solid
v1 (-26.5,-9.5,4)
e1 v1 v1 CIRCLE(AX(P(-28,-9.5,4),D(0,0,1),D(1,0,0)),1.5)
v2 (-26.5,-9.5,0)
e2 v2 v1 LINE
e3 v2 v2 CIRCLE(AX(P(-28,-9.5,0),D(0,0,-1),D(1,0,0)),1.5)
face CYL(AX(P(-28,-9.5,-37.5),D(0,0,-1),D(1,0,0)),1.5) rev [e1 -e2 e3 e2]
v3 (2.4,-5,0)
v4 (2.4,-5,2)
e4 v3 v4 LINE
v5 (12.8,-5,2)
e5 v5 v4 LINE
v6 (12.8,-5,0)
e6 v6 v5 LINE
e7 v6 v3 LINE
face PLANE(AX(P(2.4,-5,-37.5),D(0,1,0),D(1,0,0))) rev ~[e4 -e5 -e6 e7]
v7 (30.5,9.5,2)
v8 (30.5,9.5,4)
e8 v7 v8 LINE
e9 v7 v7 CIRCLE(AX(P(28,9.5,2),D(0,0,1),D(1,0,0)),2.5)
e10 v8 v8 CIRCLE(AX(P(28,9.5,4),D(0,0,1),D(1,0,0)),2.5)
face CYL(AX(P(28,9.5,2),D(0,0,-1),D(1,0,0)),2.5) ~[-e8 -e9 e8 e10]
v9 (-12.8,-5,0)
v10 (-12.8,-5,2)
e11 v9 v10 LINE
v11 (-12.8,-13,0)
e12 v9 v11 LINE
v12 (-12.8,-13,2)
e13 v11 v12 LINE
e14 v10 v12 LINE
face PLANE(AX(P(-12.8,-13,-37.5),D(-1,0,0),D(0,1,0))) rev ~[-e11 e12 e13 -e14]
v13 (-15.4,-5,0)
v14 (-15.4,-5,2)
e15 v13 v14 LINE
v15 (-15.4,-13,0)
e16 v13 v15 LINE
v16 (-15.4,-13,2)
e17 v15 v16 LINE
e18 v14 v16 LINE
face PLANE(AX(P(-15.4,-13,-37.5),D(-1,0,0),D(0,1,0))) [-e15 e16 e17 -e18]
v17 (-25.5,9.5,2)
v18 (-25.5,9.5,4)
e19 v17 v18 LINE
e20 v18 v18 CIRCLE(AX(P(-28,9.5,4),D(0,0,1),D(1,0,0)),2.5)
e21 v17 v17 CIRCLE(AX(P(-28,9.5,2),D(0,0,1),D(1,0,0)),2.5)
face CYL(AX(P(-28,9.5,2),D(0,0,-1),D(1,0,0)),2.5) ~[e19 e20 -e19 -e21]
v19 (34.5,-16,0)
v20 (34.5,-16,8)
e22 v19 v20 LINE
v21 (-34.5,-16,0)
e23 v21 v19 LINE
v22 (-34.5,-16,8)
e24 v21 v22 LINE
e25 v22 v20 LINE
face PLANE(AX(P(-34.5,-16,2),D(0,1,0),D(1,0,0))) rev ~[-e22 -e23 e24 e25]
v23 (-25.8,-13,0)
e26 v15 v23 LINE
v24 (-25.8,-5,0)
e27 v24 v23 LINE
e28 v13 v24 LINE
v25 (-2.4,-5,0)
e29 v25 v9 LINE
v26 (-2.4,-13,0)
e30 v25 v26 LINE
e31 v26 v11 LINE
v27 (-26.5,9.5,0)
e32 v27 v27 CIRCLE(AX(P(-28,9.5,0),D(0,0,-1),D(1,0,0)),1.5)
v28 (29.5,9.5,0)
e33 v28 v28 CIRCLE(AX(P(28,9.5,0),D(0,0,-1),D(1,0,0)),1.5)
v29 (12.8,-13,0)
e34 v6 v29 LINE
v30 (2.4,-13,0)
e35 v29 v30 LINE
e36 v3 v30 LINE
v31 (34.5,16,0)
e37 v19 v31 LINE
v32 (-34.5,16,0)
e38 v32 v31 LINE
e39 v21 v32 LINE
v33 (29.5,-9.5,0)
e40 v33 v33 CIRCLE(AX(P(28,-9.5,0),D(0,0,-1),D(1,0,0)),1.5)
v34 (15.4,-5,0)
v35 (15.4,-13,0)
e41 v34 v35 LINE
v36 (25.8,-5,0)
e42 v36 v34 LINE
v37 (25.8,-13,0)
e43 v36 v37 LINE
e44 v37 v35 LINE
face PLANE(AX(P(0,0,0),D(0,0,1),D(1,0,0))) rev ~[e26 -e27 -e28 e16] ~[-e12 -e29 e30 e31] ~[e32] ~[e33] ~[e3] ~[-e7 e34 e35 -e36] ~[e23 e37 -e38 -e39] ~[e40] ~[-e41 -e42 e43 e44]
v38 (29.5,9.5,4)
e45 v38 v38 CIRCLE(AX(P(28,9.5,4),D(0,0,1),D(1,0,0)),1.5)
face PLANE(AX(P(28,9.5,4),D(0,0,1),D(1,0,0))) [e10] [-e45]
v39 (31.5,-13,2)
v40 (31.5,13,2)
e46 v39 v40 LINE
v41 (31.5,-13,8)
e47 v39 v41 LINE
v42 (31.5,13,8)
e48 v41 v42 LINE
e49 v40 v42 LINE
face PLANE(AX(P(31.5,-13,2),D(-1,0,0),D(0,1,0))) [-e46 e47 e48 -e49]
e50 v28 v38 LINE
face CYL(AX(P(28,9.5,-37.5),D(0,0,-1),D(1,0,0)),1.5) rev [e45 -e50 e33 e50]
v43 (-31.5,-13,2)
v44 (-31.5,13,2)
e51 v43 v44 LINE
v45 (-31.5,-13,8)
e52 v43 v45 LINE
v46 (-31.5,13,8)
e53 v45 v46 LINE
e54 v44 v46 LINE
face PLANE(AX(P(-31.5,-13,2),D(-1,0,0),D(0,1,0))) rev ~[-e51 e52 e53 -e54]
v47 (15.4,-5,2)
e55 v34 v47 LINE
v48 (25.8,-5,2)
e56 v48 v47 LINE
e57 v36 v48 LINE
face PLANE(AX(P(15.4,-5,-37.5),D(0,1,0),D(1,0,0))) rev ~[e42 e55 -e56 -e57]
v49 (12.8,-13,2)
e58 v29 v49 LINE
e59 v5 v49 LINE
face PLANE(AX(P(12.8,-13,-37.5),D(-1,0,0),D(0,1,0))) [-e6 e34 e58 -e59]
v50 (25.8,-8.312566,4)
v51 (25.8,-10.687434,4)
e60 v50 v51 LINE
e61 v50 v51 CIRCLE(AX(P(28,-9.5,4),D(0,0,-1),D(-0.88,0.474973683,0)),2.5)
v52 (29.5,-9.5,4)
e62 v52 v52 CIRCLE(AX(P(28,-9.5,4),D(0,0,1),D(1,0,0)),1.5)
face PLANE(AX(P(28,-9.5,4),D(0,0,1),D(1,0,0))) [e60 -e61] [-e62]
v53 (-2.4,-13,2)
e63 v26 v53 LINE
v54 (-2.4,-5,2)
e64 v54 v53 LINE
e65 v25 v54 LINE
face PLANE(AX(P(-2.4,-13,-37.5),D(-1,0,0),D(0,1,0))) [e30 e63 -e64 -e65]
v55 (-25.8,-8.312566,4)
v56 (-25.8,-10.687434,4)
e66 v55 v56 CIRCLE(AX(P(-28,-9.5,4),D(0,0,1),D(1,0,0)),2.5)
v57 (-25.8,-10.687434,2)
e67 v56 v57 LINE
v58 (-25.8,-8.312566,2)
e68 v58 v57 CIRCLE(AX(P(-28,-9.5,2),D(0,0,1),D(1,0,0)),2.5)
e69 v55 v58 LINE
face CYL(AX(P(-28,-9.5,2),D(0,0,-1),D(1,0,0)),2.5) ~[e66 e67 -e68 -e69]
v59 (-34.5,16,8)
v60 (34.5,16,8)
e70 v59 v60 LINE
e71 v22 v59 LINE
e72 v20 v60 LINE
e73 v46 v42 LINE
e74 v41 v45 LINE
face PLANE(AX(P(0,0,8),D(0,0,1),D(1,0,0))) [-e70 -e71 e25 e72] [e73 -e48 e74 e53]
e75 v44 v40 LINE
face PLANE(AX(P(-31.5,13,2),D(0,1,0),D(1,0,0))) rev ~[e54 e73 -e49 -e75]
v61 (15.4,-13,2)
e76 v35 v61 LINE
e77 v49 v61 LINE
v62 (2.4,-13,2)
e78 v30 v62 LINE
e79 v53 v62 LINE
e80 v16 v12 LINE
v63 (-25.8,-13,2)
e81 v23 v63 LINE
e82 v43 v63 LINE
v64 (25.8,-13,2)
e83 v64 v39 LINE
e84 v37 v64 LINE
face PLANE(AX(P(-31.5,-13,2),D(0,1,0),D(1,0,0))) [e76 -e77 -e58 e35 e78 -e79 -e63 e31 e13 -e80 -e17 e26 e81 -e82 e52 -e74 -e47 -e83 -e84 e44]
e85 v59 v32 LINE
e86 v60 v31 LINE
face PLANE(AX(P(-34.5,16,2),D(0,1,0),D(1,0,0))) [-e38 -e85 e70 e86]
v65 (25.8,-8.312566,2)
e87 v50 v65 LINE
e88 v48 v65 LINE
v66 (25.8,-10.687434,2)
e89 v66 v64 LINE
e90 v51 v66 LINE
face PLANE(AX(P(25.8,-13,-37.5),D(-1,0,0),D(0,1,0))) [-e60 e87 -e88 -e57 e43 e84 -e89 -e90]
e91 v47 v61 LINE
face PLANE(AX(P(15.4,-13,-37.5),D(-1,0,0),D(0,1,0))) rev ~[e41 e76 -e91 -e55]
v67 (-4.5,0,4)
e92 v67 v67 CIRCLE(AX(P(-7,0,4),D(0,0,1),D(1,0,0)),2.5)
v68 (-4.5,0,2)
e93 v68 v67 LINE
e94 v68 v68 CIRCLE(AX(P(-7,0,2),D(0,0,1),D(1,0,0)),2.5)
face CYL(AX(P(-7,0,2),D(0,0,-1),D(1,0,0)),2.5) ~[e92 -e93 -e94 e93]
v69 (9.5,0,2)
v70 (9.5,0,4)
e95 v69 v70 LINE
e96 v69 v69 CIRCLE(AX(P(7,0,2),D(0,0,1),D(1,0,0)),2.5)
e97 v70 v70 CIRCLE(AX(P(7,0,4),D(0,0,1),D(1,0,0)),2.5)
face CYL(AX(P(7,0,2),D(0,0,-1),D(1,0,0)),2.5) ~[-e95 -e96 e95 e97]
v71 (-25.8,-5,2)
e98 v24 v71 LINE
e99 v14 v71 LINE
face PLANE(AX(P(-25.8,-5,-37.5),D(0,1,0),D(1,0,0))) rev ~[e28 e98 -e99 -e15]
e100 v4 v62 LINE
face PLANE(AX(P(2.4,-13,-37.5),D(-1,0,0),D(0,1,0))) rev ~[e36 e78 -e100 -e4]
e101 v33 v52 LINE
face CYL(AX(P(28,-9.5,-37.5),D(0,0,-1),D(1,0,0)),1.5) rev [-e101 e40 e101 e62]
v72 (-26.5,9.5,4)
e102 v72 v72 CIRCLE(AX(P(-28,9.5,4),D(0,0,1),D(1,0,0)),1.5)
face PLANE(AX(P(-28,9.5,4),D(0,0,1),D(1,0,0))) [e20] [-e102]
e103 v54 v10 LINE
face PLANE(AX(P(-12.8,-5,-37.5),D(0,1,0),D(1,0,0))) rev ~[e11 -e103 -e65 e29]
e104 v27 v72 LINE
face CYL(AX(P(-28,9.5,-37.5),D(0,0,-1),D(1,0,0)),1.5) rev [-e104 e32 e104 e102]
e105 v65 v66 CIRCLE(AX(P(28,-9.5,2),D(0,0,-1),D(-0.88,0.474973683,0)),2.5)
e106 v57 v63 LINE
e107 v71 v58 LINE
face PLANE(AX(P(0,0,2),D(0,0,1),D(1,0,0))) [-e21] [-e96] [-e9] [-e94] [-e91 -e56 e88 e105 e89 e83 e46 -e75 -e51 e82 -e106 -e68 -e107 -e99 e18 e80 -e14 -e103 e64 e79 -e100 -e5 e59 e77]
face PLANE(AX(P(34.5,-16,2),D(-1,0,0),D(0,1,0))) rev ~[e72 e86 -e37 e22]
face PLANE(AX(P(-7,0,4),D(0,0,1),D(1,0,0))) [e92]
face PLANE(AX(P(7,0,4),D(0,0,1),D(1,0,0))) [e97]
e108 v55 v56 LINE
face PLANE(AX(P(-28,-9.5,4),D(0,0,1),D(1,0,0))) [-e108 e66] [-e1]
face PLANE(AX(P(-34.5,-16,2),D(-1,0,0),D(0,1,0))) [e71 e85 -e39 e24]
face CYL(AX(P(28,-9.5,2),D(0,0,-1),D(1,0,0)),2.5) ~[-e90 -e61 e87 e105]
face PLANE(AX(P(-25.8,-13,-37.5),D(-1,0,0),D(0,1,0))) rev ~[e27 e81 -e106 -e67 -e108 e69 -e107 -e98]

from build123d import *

# Parameters (mm, degrees)
SKETCH1_W               = 69
SKETCH1_H               = 32
BOSS_EXTRUDE1_DEPTH     = 2
SKETCH2_W               = 69
SKETCH2_H               = 32
SKETCH2_W_2             = 63
SKETCH2_H_2             = 26
BOSS_EXTRUDE2_DEPTH     = 6
SKETCH3_R               = 2.5
SKETCH3_R_2             = 1.5
BOSS_EXTRUDE3_DEPTH     = 2
CUT_EXTRUDE1_DEPTH      = 39.5
CUT_EXTRUDE1_DEPTH_BACK = 39.5
SKETCH4_R               = 1.5
SKETCH4_W               = 10.4
SKETCH4_H               = 8


with BuildPart() as part:
    # Sketch1 → Boss-Extrude1 (new body)
    with BuildSketch(Plane.XY):
        Rectangle(SKETCH1_W, SKETCH1_H)
    extrude(amount=BOSS_EXTRUDE1_DEPTH)

    # Sketch2 → Boss-Extrude2 (add)
    with BuildSketch(Plane.XY.offset(2)):
        Rectangle(SKETCH2_W, SKETCH2_H)
        Rectangle(SKETCH2_W_2, SKETCH2_H_2, mode=Mode.SUBTRACT)
    extrude(amount=BOSS_EXTRUDE2_DEPTH)

    # Sketch3 → Boss-Extrude3 (add)
    # profile 1 of 6: a face of its own
    with BuildSketch(Plane.XY.offset(2)):
        with Locations((-28, 9.5)):
            Circle(SKETCH3_R)
        with Locations((-28, 9.5)):
            Circle(SKETCH3_R_2, mode=Mode.SUBTRACT)
    # profile 2 of 6: a face of its own
    with BuildSketch(Plane.XY.offset(2)):
        with Locations((-28, -9.5)):
            Circle(SKETCH3_R)
        with Locations((-28, -9.5)):
            Circle(SKETCH3_R_2, mode=Mode.SUBTRACT)
    # profile 3 of 6: a face of its own
    with BuildSketch(Plane.XY.offset(2)):
        with Locations((28, -9.5)):
            Circle(SKETCH3_R)
        with Locations((28, -9.5)):
            Circle(SKETCH3_R_2, mode=Mode.SUBTRACT)
    # profile 4 of 6: a face of its own
    with BuildSketch(Plane.XY.offset(2)):
        with Locations((28, 9.5)):
            Circle(SKETCH3_R)
        with Locations((28, 9.5)):
            Circle(SKETCH3_R_2, mode=Mode.SUBTRACT)
    # profile 5 of 6: a face of its own
    with BuildSketch(Plane.XY.offset(2)):
        with Locations((-7, 0)):
            Circle(SKETCH3_R)
    # profile 6 of 6: a face of its own
    with BuildSketch(Plane.XY.offset(2)):
        with Locations((7, 0)):
            Circle(SKETCH3_R)
    extrude(amount=BOSS_EXTRUDE3_DEPTH)

    # Sketch4 → Cut-Extrude1 (cut, two sides: drawn at the far end of the back side and taken through both)
    with BuildSketch(Plane.XY.offset(2).offset(-CUT_EXTRUDE1_DEPTH_BACK)):
        with Locations((28, 9.5)):
            Circle(SKETCH4_R)
        with Locations((28, -9.5)):
            Circle(SKETCH4_R)
        with Locations((-28, -9.5)):
            Circle(SKETCH4_R)
        with Locations((-28, 9.5)):
            Circle(SKETCH4_R)
        with Locations((-20.6, -9)):
            Rectangle(SKETCH4_W, SKETCH4_H)
        with Locations((-7.6, -9)):
            Rectangle(SKETCH4_W, SKETCH4_H)
        with Locations((7.6, -9)):
            Rectangle(SKETCH4_W, SKETCH4_H)
        with Locations((20.6, -9)):
            Rectangle(SKETCH4_W, SKETCH4_H)
    extrude(amount=CUT_EXTRUDE1_DEPTH + CUT_EXTRUDE1_DEPTH_BACK, mode=Mode.SUBTRACT)


solid = part.part
